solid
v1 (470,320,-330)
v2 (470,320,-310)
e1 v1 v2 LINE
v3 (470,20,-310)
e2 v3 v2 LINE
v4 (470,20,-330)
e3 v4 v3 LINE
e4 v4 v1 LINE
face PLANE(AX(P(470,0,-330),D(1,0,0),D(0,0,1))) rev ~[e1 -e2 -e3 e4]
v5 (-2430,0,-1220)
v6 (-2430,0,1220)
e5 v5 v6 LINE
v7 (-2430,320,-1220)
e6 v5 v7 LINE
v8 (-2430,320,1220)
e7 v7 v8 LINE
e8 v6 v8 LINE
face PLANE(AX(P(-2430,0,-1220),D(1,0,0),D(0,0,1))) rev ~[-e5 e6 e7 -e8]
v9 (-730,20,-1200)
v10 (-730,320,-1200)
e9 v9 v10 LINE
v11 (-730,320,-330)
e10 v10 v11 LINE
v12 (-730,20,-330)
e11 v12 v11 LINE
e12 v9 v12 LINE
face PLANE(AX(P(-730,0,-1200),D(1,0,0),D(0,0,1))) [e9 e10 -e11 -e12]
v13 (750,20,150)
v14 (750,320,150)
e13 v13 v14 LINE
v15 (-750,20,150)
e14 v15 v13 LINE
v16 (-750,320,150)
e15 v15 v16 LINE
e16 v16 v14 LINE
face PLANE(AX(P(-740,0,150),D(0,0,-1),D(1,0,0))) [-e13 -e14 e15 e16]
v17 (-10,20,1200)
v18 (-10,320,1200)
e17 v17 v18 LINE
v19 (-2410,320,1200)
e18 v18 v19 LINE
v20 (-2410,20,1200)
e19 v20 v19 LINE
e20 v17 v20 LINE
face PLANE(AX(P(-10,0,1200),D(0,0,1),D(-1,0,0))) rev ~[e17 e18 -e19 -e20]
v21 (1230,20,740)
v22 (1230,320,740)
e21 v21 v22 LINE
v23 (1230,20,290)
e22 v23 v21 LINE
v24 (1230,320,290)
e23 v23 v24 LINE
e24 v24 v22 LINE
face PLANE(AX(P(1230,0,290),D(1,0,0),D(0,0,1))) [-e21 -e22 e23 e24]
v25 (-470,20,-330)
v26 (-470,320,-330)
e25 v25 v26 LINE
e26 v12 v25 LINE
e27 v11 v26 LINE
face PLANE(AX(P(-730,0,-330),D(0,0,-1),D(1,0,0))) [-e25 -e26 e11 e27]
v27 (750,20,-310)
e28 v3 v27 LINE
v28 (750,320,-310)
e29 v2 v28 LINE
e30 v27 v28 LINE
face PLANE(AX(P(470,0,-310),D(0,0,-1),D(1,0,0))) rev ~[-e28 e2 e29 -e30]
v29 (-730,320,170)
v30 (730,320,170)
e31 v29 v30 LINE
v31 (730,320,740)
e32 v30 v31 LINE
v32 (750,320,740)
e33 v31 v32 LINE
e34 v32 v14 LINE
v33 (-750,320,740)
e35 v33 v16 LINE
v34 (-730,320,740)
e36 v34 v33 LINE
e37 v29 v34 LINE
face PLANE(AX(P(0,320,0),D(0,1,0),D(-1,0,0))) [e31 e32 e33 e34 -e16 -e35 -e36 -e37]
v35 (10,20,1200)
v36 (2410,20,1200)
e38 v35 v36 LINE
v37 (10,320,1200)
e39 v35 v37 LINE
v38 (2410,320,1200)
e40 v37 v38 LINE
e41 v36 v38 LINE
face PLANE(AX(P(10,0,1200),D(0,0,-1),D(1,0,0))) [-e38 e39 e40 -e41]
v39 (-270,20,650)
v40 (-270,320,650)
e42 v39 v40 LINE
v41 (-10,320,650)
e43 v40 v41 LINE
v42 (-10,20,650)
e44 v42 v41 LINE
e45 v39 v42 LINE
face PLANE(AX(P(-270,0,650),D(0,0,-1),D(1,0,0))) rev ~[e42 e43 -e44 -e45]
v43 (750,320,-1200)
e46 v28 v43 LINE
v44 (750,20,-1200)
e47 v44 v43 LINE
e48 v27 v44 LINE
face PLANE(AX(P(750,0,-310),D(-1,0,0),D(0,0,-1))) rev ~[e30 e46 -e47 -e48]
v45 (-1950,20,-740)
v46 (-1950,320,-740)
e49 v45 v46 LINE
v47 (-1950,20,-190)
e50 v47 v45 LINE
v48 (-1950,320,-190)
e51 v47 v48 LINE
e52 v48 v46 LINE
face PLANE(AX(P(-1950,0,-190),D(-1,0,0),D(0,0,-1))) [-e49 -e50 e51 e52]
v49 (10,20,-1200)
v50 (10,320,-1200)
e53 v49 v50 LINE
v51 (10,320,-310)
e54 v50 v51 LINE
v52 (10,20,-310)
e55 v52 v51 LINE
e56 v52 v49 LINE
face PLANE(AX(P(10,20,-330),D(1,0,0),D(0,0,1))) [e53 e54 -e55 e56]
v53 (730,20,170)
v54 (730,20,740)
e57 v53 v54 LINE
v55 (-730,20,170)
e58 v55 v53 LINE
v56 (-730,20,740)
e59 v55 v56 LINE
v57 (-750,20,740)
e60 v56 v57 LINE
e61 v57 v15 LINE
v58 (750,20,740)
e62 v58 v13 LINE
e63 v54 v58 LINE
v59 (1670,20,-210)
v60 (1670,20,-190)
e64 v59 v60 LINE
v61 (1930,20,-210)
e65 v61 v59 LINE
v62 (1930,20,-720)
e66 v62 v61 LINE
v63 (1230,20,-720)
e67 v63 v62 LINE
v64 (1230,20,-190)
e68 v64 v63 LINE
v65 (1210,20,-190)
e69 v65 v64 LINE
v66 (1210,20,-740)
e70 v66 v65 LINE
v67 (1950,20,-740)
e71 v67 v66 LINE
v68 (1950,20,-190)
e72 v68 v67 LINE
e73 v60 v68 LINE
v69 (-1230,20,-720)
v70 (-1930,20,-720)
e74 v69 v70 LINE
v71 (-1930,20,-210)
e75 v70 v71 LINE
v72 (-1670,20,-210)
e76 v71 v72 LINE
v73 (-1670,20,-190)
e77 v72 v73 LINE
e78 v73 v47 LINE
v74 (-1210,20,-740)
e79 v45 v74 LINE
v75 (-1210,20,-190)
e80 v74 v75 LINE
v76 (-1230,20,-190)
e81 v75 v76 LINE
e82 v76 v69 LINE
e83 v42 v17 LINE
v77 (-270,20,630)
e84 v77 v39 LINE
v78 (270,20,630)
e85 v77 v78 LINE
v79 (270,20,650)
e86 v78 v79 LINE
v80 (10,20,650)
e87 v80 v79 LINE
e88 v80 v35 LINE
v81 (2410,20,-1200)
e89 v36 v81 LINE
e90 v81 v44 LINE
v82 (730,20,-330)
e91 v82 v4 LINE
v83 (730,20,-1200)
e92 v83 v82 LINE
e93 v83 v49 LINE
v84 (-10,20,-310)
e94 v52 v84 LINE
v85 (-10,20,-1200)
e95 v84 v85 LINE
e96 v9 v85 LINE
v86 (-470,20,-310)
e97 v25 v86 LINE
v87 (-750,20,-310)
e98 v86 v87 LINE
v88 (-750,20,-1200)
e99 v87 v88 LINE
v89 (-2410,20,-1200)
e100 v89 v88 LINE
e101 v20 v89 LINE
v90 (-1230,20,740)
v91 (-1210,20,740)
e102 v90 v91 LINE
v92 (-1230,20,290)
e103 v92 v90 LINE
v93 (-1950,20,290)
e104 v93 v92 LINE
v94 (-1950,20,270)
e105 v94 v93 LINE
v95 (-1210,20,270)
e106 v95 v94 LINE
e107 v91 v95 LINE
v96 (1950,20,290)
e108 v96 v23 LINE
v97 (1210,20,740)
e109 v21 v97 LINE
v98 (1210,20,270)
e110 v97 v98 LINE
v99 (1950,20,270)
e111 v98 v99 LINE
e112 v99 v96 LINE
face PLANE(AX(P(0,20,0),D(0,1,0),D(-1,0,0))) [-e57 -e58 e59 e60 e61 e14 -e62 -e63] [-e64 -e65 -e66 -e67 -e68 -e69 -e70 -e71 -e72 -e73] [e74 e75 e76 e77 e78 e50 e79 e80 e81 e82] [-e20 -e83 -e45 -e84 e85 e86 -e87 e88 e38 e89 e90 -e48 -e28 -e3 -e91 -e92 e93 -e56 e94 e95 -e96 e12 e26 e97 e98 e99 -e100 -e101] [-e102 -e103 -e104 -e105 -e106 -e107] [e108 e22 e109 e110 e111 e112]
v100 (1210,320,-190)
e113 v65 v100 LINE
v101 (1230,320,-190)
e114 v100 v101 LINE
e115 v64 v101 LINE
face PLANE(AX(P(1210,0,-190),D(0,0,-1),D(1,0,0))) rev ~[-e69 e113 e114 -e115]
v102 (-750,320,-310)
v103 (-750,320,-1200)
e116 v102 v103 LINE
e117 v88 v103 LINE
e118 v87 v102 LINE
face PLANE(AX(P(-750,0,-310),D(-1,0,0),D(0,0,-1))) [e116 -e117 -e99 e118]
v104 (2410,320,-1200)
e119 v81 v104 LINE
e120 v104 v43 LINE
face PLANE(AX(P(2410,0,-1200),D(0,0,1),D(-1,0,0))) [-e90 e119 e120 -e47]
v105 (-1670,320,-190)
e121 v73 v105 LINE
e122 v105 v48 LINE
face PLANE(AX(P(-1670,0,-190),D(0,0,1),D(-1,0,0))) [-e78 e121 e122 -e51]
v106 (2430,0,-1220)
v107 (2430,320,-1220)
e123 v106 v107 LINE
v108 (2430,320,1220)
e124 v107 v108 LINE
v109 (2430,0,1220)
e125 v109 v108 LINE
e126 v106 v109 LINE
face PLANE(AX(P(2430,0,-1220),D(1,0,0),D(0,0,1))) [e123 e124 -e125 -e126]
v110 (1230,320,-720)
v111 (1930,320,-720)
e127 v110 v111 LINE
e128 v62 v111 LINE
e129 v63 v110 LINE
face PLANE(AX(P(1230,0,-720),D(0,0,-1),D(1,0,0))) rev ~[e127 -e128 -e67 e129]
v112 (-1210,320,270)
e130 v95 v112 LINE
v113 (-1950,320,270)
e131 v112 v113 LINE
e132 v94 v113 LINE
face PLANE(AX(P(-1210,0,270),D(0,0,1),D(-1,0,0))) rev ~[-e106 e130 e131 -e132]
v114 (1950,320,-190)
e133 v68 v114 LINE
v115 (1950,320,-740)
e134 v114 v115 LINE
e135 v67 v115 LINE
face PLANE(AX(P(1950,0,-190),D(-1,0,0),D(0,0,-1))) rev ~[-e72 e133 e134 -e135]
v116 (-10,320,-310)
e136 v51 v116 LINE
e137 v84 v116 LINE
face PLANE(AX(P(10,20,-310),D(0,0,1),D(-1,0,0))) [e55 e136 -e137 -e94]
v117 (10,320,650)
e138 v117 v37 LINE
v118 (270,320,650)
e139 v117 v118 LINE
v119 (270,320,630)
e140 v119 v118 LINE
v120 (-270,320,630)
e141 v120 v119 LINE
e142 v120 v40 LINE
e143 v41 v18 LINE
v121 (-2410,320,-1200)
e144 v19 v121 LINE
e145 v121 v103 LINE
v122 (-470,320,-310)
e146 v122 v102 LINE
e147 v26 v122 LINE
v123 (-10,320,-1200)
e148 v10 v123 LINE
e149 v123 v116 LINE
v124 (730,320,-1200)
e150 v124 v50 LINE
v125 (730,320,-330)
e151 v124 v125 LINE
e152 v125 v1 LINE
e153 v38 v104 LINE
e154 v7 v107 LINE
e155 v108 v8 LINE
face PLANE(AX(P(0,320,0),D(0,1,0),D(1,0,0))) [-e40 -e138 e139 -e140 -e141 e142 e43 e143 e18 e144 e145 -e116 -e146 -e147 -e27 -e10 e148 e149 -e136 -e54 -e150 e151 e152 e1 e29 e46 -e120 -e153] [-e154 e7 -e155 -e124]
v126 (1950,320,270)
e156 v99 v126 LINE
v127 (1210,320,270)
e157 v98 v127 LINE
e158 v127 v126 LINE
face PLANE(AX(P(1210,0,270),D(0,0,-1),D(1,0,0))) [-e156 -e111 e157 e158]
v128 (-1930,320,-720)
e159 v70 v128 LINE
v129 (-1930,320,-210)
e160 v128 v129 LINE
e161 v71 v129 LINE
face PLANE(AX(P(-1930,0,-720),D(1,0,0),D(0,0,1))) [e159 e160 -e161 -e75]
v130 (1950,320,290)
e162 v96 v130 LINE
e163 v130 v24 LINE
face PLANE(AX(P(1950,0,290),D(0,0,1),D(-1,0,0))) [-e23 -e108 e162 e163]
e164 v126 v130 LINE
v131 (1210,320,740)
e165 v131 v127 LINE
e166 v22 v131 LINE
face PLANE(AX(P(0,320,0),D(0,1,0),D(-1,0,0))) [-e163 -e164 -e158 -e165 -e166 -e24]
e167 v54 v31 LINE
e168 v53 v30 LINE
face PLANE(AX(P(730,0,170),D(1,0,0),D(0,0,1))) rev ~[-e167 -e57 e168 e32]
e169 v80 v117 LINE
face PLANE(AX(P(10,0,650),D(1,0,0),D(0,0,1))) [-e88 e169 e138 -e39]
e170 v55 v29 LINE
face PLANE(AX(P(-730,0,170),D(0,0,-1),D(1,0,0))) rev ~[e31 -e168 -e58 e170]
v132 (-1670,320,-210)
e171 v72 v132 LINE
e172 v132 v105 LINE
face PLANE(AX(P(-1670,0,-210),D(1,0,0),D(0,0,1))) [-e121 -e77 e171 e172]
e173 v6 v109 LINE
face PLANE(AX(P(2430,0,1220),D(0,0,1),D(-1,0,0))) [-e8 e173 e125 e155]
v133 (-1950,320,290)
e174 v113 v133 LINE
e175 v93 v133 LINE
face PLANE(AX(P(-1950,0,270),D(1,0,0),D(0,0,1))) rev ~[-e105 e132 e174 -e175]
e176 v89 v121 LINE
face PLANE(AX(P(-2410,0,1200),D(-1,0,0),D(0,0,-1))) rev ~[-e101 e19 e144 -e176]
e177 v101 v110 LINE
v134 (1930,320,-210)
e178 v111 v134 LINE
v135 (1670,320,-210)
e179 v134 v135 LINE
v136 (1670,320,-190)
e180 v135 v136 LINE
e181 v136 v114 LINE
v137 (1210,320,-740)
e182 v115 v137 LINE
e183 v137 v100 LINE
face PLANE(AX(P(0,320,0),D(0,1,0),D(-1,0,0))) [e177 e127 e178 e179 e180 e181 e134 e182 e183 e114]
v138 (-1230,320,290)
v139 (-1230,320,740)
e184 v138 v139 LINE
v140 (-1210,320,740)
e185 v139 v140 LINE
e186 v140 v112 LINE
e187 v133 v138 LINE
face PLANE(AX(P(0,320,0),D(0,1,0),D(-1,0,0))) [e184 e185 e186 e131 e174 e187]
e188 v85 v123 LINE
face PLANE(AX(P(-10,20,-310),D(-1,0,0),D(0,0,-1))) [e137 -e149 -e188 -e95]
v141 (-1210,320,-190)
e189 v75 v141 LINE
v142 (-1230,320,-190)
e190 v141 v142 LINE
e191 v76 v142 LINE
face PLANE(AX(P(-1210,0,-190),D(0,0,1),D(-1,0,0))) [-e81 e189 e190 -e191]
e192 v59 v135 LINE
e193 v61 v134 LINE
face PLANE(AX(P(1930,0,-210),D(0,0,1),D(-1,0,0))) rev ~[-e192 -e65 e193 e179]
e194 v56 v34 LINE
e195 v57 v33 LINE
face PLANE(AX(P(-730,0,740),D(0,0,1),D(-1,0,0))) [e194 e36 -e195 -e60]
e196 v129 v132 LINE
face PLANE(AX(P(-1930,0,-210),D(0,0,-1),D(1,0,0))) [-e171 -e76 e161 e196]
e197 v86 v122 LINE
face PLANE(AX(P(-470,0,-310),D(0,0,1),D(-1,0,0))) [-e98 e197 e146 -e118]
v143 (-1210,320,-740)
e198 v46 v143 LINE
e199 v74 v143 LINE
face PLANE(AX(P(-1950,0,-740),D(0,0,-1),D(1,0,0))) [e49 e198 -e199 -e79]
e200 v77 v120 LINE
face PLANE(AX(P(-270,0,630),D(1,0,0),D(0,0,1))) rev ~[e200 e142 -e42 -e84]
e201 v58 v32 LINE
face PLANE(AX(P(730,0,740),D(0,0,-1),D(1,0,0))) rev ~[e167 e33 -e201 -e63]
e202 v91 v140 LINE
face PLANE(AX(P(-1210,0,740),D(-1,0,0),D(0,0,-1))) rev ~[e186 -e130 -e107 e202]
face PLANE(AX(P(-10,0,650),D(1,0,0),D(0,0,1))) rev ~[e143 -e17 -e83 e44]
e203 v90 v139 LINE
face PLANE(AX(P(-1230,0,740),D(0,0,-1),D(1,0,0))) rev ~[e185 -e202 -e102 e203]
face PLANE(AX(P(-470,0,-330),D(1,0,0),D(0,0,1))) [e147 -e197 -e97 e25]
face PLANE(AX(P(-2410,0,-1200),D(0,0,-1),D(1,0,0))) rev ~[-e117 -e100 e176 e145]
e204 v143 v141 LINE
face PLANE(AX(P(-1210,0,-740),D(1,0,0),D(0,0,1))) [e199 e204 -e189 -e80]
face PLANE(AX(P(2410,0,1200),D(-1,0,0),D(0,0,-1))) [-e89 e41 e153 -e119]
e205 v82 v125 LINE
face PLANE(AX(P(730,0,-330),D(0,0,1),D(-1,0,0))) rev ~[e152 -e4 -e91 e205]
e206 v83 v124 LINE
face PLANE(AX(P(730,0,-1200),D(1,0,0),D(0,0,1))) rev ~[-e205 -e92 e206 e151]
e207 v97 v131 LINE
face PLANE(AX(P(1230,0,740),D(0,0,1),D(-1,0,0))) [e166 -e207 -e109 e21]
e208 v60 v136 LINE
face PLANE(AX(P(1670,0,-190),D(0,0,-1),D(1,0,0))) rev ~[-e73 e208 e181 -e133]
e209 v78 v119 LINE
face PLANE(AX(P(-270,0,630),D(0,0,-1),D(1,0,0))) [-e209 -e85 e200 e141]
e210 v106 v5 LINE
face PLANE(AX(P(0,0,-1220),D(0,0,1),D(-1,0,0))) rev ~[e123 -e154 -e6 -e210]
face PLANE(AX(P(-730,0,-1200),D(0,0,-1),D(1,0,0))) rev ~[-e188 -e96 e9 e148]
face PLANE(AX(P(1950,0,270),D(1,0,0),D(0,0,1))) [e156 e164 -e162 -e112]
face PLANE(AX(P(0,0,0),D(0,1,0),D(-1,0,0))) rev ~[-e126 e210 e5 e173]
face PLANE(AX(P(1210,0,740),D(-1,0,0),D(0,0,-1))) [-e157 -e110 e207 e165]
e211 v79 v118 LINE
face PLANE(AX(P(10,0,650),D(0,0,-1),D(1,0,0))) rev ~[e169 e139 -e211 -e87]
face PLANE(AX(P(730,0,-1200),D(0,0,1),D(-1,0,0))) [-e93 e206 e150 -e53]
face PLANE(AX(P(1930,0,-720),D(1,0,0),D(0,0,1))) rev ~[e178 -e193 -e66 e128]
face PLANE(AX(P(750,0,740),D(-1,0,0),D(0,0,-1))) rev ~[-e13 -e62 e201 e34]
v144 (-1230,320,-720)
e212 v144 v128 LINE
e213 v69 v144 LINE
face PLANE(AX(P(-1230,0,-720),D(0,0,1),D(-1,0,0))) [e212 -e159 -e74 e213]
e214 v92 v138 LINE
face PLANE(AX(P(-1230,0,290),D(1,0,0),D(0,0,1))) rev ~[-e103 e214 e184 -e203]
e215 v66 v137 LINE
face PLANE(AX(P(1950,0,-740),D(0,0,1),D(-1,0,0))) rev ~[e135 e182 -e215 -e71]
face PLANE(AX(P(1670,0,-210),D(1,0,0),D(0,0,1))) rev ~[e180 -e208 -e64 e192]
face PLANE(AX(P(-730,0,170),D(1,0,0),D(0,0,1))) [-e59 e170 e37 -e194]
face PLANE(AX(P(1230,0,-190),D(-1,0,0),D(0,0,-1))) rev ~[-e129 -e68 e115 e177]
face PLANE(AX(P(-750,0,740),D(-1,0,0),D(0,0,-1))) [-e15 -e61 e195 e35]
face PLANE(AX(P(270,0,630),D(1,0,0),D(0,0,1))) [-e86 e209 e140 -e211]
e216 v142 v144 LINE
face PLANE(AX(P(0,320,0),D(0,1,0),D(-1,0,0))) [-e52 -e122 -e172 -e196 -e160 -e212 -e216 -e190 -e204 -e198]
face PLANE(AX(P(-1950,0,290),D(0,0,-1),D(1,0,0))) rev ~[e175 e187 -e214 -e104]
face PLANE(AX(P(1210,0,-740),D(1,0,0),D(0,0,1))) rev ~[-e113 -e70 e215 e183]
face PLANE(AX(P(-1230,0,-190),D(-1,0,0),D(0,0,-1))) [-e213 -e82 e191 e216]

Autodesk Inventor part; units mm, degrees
ref_plane "YZ Plane" through (0, 0, 0) normal (1, 0, 0) x (0, 1, 0)
ref_plane "XZ Plane" through (0, 0, 0) normal (0, 1, 0) x (-1, 0, 0)
ref_plane "XY Plane" through (0, 0, 0) normal (0, 0, 1) x (1, 0, 0)
sketch "Sketch1" plane through (0, 0, 0) normal (0, 1, 0) x (-1, 0, 0)
  line L0 (2430, 1220) -> (0, 1220)
  line L1 (0, -1220) -> (2430, -1220)
  line L2 (2430, -1220) -> (2430, 1220)
  line L3 (2410, 1200) -> (2410, -1200)
  line L4 (10, 650) -> (10, 1200)
  line L5 (740, 150) -> (0, 150)
  line L6 (730, 170) -> (730, 740)
  line L7 (730, 740) -> (750, 740)
  line L8 (750, 740) -> (750, 150)
  line L9 (750, 150) -> (740, 150)
  line L10 (1210, 740) -> (1210, 270)
  line L11 (1230, 290) -> (1230, 740)
  line L12 (1230, 740) -> (1210, 740)
  line L13 (270, 630) -> (270, 650)
  line L14 (10, 1200) -> (2410, 1200)
  line L15 (0, -330) -> (10, -330)
  line L16 (0, -330) -> (10, -330) construction
  line L17 (10, -330) -> (10, -1200)
  line L18 (730, -1200) -> (730, -330)
  line L19 (750, -1200) -> (1600, -1200) construction
  line L20 (730, -330) -> (470, -330)
  line L21 (470, -330) -> (470, -310)
  line L22 (470, -310) -> (750, -310)
  line L23 (750, -310) -> (750, -1200)
  line L24 (2410, -1200) -> (750, -1200)
  line L25 (730, -1200) -> (10, -1200)
  line L26 (0, -1200) -> (730, -1200) construction
  line L27 (750, -1200) -> (870, -1200) construction
  line L28 (1210, 270) -> (1950, 270)
  line L29 (1210, 270) -> (1950, 270) construction
  line L30 (1950, 270) -> (1950, 290)
  line L31 (1950, 290) -> (1230, 290)
  line L32 (1950, -190) -> (1950, -740)
  line L33 (1950, -740) -> (1210, -740)
  line L34 (1210, -740) -> (1210, -190)
  line L35 (1210, -190) -> (1230, -190)
  line L36 (1210, -190) -> (1230, -190) construction
  line L37 (1230, -190) -> (1230, -720)
  line L38 (1230, -720) -> (1930, -720)
  line L39 (1930, -720) -> (1930, -210)
  line L40 (1930, -210) -> (1670, -210)
  line L41 (1670, -210) -> (1670, -190)
  line L42 (1670, -190) -> (1950, -190)
  line L43 (-2430, 1220) -> (0, 1220)
  line L44 (0, -1220) -> (-2430, -1220)
  line L45 (-2430, -1220) -> (-2430, 1220)
  line L46 (-2410, 1200) -> (-2410, -1200)
  line L47 (-10, 650) -> (-10, 1200)
  line L48 (-740, 150) -> (0, 150)
  line L49 (-730, 170) -> (-730, 740)
  line L50 (-730, 740) -> (-750, 740)
  line L51 (-750, 740) -> (-750, 150)
  line L52 (-750, 150) -> (-740, 150)
  line L53 (-1210, 740) -> (-1210, 270)
  line L54 (-1230, 290) -> (-1230, 740)
  line L55 (-1230, 740) -> (-1210, 740)
  line L56 (-270, 630) -> (-270, 650)
  line L57 (-10, 1200) -> (-2410, 1200)
  line L58 (0, -330) -> (-10, -330)
  line L59 (0, -330) -> (-10, -330) construction
  line L60 (-10, -330) -> (-10, -1200)
  line L61 (-730, -1200) -> (-730, -330)
  line L62 (-750, -1200) -> (-1600, -1200) construction
  line L63 (-730, -330) -> (-470, -330)
  line L64 (-470, -330) -> (-470, -310)
  line L65 (-470, -310) -> (-750, -310)
  line L66 (-750, -310) -> (-750, -1200)
  line L67 (-2410, -1200) -> (-750, -1200)
  line L68 (-730, -1200) -> (-10, -1200)
  line L69 (0, -1200) -> (-730, -1200) construction
  line L70 (-750, -1200) -> (-870, -1200) construction
  line L71 (-1210, 270) -> (-1950, 270)
  line L72 (-1210, 270) -> (-1950, 270) construction
  line L73 (-1950, 270) -> (-1950, 290)
  line L74 (-1950, 290) -> (-1230, 290)
  line L75 (-1950, -190) -> (-1950, -740)
  line L76 (-1950, -740) -> (-1210, -740)
  line L77 (-1210, -740) -> (-1210, -190)
  line L78 (-1210, -190) -> (-1230, -190)
  line L79 (-1210, -190) -> (-1230, -190) construction
  line L80 (-1230, -190) -> (-1230, -720)
  line L81 (-1230, -720) -> (-1930, -720)
  line L82 (-1930, -720) -> (-1930, -210)
  line L83 (-1930, -210) -> (-1670, -210)
  line L84 (-1670, -210) -> (-1670, -190)
  line L85 (-1670, -190) -> (-1950, -190)
  line L86 (270, 630) -> (-270, 630)
  line L87 (270, 650) -> (10, 650)
  line L88 (-10, 650) -> (-270, 650)
  line L89 (730, 170) -> (-730, 170)
  point P0 (0, 0)
  dimension "d274" = 4860
  dimension "d275" = 2440
  dimension "d276" = 2400
  dimension "d277" = 2400
  dimension "d278" = 720
  dimension "d279" = 450
  dimension "d280" = 20
  dimension "d281" = 470
  dimension "d282" = 740
  dimension "d283" = 20
  dimension "d284" = 700
  dimension "d285" = 510
  dimension "d286" = 260
  dimension "d287" = 20
  dimension "d288" = 280
  dimension "d289" = 550
  dimension "d290" = 740
  dimension "d291" = 550
  dimension "d292" = 20
  dimension "d293" = 530
  dimension "d294" = 890
  dimension "d295" = 280
  dimension "d296" = 20
  dimension "d297" = 260
  dimension "d298" = 870
  dimension "d300" = 870
  dimension "d301" = 20
  dimension "d302" = 550
  dimension "d303" = 260
  dimension "d304" = 20
  dimension "d305" = 540
  dimension "d306" = 570
  dimension "d307" = 20
  dimension "d308" = 590
  dimension "d309" = 1500
  dimension "d310" = 1460
  dimension "d311" = 2400
  dimension "d312" = 20
  dimension "d313" = 20
  dimension "d314" = 20
  dimension "d315" = 20
  dimension "d316" = 20
  dimension "d318" = 1660
  dimension "d319" = 20
  dimension "d320" = 720
  dimension "d324" = 20
  dimension "d330" = 720
  dimension "d331" = 740
  dimension "d332" = 470
  dimension "d333" = 20
  dimension "d334" = 20
  dimension "d336" = 530
  dimension "d337" = 510
  dimension "d338" = 260
  dimension "d339" = 20
  dimension "d341" = 550
  dimension "d343" = 550
  dimension "d346" = 870
  dimension "d352" = 460
  dimension "d353" = 460
  dimension "d356" = 460
  dimension "d358" = 460
  dimension "d359" = 460
  dimension "d364" = 460
extrude "Extrusion1" add sketch "Sketch1" along normal blind 20 contours L3 L24 L23 L22 L21 L20 L18 L25 L17 L15 L58 L60 L68 L61 L63 L64 L65 L66 L67 L46 L57 L47 L88 L56 L86 L13 L87 L4 L14
extrude "Extrusion2" add sketch "Sketch1" along normal blind 320
sketch "Sketch5" plane through (0, 20, 0) normal (0, 1, 0) x (1, 0, 0)
  line L0 (-10, 330) -> (10, 330)
  line L1 (-750, -150) -> (750, -150) projected
  line L2 (10, -130) -> (10, -150)
  line L3 (10, -150) -> (-10, -150)
  line L4 (-10, -150) -> (-10, -130)
  line L5 (-10, 330) -> (10, 330)
  line L6 (10, 330) -> (10, 310)
  line L7 (10, 310) -> (-10, 310)
  line L8 (-10, 310) -> (-10, 330)
  line L9 (-10, 310) -> (10, 310)
  line L10 (10, 310) -> (10, -150)
  line L11 (10, -150) -> (-10, -150)
  line L12 (-10, -150) -> (-10, 310)
  point P0 (0, 0)
  point P1 (-470, -150)
  point P2 (470, -150)
  dimension "d190" = 20
  dimension "d193" = 20
  dimension "d194" = 460
extrude "Extrusion5" add sketch "Sketch5" along normal blind 300 contours L0 L6 L7 L8
properties part number "Lapangan2"
